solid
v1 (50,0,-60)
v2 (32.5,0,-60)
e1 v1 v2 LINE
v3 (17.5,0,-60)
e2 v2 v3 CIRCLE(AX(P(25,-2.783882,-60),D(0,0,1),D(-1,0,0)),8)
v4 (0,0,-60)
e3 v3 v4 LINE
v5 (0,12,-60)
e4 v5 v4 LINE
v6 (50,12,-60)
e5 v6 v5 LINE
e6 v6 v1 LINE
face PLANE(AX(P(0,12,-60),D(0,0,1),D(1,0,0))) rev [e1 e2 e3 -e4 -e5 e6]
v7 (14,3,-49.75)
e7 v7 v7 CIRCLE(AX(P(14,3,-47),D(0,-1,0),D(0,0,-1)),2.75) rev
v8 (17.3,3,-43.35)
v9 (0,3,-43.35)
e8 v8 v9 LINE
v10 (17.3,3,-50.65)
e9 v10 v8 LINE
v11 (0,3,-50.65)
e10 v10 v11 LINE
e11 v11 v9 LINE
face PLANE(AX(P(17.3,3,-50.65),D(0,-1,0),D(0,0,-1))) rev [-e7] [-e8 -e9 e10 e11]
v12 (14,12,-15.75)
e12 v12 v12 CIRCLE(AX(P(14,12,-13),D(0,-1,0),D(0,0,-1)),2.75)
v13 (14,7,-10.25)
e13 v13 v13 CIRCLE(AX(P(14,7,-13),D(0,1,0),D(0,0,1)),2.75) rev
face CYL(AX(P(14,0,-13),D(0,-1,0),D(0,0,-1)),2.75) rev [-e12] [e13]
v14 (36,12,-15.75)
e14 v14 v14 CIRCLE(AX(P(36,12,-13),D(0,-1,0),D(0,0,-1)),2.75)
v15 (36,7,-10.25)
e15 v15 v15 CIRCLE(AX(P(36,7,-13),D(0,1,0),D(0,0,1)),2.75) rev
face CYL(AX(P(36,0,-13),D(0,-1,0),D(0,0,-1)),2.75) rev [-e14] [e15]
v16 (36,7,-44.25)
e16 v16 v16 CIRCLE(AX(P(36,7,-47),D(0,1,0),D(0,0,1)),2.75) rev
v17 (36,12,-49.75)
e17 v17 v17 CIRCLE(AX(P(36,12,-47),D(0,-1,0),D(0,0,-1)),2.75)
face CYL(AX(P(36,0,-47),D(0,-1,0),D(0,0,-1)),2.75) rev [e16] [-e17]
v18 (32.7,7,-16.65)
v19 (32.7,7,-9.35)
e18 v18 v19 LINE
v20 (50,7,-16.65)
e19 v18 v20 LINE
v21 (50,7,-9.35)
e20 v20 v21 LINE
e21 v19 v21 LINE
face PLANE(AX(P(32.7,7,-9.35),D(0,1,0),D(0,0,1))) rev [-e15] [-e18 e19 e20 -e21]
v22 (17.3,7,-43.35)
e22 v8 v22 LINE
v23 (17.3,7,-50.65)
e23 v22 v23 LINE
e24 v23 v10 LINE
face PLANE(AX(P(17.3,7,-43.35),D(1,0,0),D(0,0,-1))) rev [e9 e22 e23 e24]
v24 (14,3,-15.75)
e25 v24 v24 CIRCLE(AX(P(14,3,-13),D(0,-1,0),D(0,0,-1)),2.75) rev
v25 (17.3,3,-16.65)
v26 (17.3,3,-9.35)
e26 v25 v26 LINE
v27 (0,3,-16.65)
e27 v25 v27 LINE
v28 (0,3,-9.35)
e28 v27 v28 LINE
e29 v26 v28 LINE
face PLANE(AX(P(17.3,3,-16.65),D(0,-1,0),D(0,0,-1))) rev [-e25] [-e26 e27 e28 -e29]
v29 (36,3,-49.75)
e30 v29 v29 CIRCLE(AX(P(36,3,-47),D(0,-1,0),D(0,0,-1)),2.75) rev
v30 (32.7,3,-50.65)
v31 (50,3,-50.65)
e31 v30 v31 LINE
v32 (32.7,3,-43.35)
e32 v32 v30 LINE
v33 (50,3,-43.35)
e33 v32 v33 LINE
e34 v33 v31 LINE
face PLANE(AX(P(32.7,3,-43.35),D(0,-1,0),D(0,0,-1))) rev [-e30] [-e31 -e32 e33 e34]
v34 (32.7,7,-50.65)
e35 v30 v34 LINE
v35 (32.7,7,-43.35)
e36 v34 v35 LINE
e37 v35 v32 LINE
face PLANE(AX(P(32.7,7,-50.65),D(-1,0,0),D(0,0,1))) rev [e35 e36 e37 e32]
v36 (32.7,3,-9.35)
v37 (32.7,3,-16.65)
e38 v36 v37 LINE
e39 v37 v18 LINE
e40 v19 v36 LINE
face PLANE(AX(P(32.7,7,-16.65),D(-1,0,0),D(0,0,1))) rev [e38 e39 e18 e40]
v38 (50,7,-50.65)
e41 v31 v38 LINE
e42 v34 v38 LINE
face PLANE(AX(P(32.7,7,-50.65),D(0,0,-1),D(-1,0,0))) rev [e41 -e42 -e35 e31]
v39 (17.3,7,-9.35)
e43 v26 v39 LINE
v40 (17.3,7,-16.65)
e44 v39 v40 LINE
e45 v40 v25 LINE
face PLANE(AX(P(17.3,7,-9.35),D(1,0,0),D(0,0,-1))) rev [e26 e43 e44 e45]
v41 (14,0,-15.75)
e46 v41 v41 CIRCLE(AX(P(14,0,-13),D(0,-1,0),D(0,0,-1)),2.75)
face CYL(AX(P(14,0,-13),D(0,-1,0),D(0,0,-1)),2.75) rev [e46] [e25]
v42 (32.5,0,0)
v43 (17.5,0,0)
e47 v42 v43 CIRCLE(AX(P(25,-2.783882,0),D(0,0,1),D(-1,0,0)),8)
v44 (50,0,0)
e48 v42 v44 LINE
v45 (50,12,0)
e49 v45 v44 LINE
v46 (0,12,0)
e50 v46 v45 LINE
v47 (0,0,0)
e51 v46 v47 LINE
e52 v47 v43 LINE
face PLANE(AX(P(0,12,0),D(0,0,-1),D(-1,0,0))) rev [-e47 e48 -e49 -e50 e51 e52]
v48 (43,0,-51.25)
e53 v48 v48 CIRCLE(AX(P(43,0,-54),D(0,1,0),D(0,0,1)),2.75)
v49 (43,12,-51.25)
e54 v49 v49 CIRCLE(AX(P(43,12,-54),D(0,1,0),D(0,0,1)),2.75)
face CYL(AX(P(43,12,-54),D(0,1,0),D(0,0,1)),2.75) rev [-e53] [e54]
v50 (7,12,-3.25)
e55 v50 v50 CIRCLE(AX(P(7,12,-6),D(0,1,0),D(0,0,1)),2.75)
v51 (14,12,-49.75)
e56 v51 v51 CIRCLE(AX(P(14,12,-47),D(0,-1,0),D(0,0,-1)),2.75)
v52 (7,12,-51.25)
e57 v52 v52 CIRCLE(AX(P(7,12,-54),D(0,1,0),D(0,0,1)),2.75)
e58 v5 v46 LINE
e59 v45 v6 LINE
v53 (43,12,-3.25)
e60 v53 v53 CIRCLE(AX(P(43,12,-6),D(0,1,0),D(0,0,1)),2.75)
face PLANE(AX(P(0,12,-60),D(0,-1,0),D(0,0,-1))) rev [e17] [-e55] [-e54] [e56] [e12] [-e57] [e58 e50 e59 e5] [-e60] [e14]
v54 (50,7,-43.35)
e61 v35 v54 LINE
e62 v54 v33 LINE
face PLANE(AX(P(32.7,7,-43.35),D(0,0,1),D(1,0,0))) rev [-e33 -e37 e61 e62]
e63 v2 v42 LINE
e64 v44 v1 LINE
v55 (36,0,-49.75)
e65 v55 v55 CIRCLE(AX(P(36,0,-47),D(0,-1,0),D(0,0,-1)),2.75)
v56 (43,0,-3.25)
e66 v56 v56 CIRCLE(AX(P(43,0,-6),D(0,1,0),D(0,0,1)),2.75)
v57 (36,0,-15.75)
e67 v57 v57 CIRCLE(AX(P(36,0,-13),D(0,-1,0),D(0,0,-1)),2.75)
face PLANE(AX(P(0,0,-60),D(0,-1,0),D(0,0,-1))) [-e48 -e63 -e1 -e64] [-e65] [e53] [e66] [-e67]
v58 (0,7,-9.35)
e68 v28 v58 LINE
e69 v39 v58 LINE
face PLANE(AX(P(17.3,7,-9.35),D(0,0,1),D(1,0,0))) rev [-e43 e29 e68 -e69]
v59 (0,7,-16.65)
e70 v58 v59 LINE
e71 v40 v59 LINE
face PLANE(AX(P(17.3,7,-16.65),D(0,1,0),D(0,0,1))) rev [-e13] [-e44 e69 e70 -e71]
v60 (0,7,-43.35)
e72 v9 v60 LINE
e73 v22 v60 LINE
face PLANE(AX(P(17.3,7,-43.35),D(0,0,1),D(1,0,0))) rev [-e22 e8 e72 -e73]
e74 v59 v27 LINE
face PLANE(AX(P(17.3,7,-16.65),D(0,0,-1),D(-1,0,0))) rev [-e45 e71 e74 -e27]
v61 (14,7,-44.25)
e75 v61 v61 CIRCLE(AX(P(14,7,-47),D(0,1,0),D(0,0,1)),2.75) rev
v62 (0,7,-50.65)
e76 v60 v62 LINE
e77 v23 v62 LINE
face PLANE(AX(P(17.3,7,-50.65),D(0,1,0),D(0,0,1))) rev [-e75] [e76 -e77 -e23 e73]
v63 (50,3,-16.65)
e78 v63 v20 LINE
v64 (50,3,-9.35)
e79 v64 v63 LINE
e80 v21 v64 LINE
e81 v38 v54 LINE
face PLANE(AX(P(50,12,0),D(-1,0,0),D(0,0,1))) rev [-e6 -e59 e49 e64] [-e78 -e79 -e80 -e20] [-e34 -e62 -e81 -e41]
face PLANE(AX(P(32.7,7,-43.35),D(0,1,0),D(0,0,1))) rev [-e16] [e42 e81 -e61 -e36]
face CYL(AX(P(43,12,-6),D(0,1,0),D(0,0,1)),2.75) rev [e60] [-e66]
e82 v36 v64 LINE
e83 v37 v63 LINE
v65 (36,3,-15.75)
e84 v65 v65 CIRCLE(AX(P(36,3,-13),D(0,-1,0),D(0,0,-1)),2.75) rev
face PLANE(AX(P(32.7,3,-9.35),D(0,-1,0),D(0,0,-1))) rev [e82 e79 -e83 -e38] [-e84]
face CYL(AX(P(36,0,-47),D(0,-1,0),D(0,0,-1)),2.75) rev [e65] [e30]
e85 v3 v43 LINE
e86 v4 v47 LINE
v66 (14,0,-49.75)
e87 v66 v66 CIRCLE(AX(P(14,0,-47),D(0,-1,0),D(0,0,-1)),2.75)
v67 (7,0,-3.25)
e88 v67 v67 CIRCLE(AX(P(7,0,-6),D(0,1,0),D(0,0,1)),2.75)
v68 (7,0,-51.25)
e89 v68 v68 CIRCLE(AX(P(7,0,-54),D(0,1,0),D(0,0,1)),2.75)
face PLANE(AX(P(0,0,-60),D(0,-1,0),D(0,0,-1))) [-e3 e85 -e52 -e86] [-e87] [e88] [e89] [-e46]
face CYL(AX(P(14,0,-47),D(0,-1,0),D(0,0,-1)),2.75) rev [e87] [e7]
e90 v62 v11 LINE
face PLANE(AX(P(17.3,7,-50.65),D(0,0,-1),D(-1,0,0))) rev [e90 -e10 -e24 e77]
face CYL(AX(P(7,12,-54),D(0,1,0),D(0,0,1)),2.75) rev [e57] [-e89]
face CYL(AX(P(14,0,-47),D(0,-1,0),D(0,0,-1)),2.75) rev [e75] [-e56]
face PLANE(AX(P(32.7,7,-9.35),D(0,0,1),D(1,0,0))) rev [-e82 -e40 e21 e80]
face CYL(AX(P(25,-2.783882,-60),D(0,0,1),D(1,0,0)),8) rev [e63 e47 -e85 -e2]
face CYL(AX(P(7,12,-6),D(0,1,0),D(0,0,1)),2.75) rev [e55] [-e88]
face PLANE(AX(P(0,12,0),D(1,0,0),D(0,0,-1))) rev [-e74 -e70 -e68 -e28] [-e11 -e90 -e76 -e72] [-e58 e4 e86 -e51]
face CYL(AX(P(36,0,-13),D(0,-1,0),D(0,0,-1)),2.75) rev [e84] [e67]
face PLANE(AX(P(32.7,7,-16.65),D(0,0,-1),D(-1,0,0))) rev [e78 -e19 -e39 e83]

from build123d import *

# Parameters (mm, degrees)
SKETCH1_W                      = 50
SKETCH1_H                      = 60
BOSS_EXTRUDE1_DEPTH            = 12
CUT_EXTRUDE1_DEPTH             = 80.018985061
F_5_5_5_5_DIAMETER_HOLE1_D     = 5.5
F_5_5_5_5_DIAMETER_HOLE1_DEPTH = 30
F_5_5_5_5_DIAMETER_HOLE1_TIP   = 1.652366702
SKETCH5_W                      = 7.3
SKETCH5_H                      = 4
CUT_EXTRUDE2_DEPTH             = 17.3
SKETCH6_W                      = 7.3
SKETCH6_H                      = 4
CUT_EXTRUDE3_DEPTH             = 17.3
F_5_5_5_5_DIAMETER_HOLE2_D     = 5.5


with BuildPart() as part:
    # Sketch1 → Boss-Extrude1 (new body)
    with BuildSketch(Plane(origin=(0, 0, 0), x_dir=(1, 0, 0), z_dir=(0, 1, 0))):
        with Locations((25, 30)):
            Rectangle(SKETCH1_W, SKETCH1_H)
    extrude(amount=BOSS_EXTRUDE1_DEPTH)

    # Sketch2 → Cut-Extrude1 (cut, through all)
    with BuildSketch(Plane.XY):
        with BuildLine():
            Line((17.5, 0), (32.5, 0))
            ThreePointArc((32.5, 0), (25, 5.216117819), (17.5, 0))
        make_face()
    extrude(amount=-CUT_EXTRUDE1_DEPTH, mode=Mode.SUBTRACT)

    # Ø5.5 (5.5) Diameter Hole1
    with Locations(Plane.XZ):
        with Locations((14, -13), (36, -13), (14, -47), (36, -47)):
            Hole(F_5_5_5_5_DIAMETER_HOLE1_D / 2, depth=F_5_5_5_5_DIAMETER_HOLE1_DEPTH)
            with Locations((0, 0, -(F_5_5_5_5_DIAMETER_HOLE1_DEPTH + F_5_5_5_5_DIAMETER_HOLE1_TIP / 2))):  # 118° drill point
                Cone(0, F_5_5_5_5_DIAMETER_HOLE1_D / 2, F_5_5_5_5_DIAMETER_HOLE1_TIP, mode=Mode.SUBTRACT)

    # Sketch5 → Cut-Extrude2 (cut)
    with BuildSketch(Plane.ZY):
        with Locations((-47, 5)):
            Rectangle(SKETCH5_W, SKETCH5_H)
        with Locations((-13, 5)):
            Rectangle(SKETCH5_W, SKETCH5_H)
    extrude(amount=-CUT_EXTRUDE2_DEPTH, mode=Mode.SUBTRACT)

    # Sketch6 → Cut-Extrude3 (cut)
    with BuildSketch(Plane(origin=(50, 0, 0), x_dir=(0, 0, -1), z_dir=(1, 0, 0))):
        with Locations((13, 5)):
            Rectangle(SKETCH6_W, SKETCH6_H)
        with Locations((47, 5)):
            Rectangle(SKETCH6_W, SKETCH6_H)
    extrude(amount=-CUT_EXTRUDE3_DEPTH, mode=Mode.SUBTRACT)

    # Ø5.5 (5.5) Diameter Hole2 (through all)
    with Locations(Plane(origin=(0, 12, 0), x_dir=(-1, 0, 0), z_dir=(0, 1, 0))):
        with Locations((-43, -6), (-7, -6), (-7, -54), (-43, -54)):
            Hole(F_5_5_5_5_DIAMETER_HOLE2_D / 2)


solid = part.part
